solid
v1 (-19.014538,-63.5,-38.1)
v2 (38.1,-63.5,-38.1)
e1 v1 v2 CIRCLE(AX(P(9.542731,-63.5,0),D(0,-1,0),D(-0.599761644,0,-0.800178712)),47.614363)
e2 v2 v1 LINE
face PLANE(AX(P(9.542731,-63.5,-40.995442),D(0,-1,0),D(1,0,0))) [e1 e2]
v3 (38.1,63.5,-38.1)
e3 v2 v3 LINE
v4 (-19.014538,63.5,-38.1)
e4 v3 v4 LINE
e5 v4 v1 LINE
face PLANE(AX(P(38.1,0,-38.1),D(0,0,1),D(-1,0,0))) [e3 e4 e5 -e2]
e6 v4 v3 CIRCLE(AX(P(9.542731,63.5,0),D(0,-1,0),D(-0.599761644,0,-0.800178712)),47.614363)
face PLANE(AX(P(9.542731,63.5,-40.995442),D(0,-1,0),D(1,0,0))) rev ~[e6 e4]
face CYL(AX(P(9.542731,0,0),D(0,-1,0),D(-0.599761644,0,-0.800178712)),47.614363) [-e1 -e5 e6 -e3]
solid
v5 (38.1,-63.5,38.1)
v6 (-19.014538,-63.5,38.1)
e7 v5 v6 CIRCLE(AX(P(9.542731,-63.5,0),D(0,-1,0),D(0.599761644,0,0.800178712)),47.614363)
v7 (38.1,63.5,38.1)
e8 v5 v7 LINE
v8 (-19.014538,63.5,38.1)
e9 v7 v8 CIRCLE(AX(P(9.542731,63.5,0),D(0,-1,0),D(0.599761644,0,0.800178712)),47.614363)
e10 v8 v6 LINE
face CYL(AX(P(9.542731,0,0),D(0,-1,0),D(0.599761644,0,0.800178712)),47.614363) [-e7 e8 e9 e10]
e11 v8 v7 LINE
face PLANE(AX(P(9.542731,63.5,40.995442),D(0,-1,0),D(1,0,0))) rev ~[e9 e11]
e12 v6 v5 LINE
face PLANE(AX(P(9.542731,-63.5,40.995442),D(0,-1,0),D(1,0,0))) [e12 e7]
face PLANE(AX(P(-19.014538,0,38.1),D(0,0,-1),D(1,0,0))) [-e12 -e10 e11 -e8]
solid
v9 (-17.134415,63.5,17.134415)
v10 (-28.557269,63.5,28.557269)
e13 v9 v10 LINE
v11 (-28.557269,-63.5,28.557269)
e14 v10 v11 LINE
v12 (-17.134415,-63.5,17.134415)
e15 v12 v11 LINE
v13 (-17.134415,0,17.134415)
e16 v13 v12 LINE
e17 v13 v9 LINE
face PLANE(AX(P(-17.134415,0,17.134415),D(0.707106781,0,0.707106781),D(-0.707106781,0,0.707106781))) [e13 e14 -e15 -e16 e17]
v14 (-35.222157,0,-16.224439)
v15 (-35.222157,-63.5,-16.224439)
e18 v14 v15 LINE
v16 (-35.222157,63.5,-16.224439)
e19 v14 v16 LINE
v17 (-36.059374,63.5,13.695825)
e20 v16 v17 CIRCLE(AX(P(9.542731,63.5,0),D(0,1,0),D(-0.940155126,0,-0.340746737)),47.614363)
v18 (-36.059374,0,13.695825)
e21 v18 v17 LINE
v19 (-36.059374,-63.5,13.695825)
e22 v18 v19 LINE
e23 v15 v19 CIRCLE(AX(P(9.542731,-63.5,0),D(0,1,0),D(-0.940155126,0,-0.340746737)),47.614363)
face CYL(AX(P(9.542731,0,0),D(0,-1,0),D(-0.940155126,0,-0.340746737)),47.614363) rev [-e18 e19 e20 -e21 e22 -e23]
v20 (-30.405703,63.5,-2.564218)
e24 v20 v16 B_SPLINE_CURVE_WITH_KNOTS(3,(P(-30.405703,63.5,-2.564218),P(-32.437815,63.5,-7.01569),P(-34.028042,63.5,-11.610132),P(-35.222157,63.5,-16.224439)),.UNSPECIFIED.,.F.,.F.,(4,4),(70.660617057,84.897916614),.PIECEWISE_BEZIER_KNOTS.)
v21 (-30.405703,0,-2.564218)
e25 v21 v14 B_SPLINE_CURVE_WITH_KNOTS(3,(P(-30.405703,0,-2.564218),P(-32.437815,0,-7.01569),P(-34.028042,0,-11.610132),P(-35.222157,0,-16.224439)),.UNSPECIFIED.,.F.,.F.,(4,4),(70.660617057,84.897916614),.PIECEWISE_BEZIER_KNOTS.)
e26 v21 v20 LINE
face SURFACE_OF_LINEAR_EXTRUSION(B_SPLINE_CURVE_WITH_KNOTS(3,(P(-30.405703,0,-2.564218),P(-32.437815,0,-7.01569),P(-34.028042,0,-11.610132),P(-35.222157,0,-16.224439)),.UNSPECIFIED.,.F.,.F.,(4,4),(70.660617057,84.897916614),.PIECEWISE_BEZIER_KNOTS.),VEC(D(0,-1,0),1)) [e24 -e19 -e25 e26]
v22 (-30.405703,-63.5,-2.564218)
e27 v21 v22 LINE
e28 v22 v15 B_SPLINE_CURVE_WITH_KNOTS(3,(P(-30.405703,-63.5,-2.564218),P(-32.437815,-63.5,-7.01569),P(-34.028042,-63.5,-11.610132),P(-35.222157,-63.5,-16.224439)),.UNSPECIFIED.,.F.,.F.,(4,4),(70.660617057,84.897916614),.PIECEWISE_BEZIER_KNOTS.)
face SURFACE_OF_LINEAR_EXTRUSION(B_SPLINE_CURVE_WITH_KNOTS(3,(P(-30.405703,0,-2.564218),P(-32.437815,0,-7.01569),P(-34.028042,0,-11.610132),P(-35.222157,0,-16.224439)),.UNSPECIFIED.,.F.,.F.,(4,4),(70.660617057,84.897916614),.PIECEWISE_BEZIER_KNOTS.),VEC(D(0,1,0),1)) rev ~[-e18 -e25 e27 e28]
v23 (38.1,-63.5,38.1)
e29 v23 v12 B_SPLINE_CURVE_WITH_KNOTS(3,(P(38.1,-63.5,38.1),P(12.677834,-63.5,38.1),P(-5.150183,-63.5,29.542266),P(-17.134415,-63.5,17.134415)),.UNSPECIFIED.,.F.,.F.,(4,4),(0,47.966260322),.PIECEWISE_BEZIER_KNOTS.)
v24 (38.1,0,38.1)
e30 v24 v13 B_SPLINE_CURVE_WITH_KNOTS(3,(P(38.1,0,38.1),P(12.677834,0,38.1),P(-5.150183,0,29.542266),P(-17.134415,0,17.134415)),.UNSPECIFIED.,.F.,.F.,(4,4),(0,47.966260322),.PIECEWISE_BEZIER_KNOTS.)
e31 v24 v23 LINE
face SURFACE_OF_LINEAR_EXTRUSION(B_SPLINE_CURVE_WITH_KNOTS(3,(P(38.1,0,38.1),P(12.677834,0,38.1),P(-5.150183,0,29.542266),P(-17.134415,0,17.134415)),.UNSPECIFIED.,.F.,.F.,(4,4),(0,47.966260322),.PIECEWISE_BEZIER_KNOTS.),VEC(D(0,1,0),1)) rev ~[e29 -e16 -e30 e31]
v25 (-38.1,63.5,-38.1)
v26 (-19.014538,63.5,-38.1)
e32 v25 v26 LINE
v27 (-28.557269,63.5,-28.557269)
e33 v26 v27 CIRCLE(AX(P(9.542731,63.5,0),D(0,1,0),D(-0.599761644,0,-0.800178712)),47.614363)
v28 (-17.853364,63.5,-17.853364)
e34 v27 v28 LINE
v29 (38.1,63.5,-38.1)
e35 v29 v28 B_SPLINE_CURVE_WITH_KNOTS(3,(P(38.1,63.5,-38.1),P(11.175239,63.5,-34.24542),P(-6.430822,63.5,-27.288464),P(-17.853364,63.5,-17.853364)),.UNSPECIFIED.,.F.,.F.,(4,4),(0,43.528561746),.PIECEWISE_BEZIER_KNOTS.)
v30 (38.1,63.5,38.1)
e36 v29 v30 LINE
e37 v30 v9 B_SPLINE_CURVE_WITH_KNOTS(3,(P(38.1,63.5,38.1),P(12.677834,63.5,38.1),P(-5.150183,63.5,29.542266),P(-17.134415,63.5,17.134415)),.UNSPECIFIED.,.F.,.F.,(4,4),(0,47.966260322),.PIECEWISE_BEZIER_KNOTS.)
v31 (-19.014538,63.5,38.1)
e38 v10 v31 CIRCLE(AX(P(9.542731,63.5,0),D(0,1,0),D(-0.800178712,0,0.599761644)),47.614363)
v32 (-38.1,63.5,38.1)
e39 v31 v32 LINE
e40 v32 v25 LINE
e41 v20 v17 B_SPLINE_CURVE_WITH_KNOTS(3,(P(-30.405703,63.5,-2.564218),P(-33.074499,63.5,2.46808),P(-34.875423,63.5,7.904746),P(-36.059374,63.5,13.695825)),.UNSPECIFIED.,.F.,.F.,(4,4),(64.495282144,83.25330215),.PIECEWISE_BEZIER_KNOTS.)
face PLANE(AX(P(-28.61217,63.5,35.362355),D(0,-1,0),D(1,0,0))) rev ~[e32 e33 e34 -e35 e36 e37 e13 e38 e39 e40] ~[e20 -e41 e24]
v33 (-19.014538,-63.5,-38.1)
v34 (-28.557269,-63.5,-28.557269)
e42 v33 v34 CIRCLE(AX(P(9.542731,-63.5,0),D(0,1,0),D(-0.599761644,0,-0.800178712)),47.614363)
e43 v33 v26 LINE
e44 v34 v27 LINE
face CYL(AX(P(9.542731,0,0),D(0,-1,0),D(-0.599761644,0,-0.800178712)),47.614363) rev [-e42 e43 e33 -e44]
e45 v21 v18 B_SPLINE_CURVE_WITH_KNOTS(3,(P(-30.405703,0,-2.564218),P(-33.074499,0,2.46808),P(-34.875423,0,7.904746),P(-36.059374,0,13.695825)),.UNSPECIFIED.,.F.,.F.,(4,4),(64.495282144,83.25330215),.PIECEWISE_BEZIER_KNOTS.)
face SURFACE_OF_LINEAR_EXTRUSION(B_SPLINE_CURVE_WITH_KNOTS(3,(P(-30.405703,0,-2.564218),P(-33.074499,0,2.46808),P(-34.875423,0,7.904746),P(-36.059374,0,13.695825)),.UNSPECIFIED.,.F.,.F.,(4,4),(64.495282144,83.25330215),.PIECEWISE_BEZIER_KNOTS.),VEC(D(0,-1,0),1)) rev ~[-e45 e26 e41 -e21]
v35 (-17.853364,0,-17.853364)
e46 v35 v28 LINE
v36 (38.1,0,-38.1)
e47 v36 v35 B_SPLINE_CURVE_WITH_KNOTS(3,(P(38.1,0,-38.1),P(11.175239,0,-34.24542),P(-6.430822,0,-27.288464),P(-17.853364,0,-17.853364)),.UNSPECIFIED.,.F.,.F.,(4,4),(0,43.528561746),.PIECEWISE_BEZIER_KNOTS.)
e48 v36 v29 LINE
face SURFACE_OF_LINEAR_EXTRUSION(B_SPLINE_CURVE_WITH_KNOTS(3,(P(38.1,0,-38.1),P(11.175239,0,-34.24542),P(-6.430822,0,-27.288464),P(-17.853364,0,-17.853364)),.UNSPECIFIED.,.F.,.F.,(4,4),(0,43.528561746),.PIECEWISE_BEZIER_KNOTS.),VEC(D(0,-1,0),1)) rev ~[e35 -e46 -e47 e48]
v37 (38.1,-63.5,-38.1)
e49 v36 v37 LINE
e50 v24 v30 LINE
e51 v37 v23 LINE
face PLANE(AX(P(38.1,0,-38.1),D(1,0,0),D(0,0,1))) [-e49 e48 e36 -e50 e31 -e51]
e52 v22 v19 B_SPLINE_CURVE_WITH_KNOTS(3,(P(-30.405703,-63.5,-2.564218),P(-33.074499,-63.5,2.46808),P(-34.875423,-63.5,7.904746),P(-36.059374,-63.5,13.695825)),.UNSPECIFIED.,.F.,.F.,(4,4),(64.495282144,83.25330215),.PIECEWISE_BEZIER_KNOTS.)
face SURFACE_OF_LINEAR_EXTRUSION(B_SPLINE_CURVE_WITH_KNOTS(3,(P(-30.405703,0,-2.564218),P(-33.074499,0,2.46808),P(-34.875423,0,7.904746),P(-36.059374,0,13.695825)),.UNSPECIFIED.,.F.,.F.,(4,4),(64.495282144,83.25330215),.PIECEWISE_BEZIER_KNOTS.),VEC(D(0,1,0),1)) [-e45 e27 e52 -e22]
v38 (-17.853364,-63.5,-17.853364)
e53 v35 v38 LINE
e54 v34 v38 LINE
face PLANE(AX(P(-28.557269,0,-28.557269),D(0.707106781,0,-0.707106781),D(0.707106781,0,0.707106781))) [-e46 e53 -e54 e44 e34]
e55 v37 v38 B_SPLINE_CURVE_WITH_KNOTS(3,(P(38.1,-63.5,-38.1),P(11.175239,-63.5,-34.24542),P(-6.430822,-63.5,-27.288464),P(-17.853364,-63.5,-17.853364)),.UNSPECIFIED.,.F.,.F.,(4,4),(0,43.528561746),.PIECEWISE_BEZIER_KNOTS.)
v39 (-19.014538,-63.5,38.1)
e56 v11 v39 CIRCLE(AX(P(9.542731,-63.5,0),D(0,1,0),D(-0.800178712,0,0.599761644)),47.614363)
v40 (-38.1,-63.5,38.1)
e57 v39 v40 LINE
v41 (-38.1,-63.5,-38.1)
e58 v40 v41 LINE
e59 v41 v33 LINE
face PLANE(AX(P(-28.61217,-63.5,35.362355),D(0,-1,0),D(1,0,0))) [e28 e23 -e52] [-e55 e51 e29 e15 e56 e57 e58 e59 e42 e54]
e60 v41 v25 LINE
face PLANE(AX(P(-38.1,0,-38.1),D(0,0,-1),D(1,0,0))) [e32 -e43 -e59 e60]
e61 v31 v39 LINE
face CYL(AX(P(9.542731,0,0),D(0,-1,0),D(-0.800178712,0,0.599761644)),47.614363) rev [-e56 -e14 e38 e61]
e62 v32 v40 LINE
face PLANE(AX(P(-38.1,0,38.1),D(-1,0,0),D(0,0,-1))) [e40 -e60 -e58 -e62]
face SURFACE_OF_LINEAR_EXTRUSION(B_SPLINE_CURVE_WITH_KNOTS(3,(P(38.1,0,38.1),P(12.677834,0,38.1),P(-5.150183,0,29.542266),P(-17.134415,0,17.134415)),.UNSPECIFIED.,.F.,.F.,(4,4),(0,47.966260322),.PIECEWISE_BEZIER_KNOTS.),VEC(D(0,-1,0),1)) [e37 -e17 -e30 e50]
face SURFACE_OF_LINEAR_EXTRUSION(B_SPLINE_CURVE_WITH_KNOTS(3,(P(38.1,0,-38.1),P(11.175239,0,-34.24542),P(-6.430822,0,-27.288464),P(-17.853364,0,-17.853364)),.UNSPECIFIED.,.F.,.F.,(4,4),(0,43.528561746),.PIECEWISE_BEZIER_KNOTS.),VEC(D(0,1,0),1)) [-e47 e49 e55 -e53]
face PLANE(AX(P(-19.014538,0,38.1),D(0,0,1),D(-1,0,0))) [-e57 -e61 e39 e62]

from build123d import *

# Parameters (mm, degrees)
F1_DEPTH = 63.5


with BuildPart() as f1:
    # F0 (on Front) → F1 (new body, symmetric)
    with BuildSketch(Plane.XZ):
        with BuildLine():
            ThreePointArc((38.1, 38.1), (9.5427310973, 47.6143634545), (-19.0145378053, 38.1))
            Line((-19.0145378053, 38.1), (38.1, 38.1))
        make_face()
    extrude(amount=F1_DEPTH, both=True)


with BuildPart() as f1b:
    # F0 (on Front) → F1, piece 2 (new body, symmetric)
    with BuildSketch(Plane.XZ):
        with BuildLine():
            Line((-19.0145378053, 38.1), (-38.1, 38.1))
            Line((-38.1, 38.1), (-28.5572689027, 28.5572689027))
            ThreePointArc((-28.5572689027, 28.5572689027), (-24.1257081832, 33.6684392806), (-19.0145378053, 38.1))
        make_face()
        with BuildLine():
            Line((-28.5572689027, 28.5572689027), (-38.1, 38.1))
            add(Edge.make_bspline(
                [(-36.0593740105, 13.6958247987), (-37.606358952, 21.2626155541), (-38.1, 29.4344872531), (-38.1, 38.1)],
                knots=[83.2533021496, 83.2533021496, 83.2533021496, 83.2533021496, 107.7630734528, 107.7630734528, 107.7630734528, 107.7630734528], degree=3))
            ThreePointArc((-36.0593740105, 13.6958247987), (-32.9628712403, 21.456965701), (-28.5572689027, 28.5572689027))
        make_face()
        with BuildLine():
            add(Edge.make_bspline(
                [(-36.0593740105, 13.6958247987), (-37.606358952, 21.2626155541), (-38.1, 29.4344872531), (-38.1, 38.1)],
                knots=[83.2533021496, 83.2533021496, 83.2533021496, 83.2533021496, 107.7630734528, 107.7630734528, 107.7630734528, 107.7630734528], degree=3))
            Line((-38.1, 38.1), (-38.1, -38.1))
            add(Edge.make_bspline(
                [(-35.2221567826, -16.2244389818), (-37.1399092957, -23.6350339686), (-38.0359895886, -31.0968665214), (-38.1, -38.1)],
                knots=[84.8979166137, 84.8979166137, 84.8979166137, 84.8979166137, 107.7630734528, 107.7630734528, 107.7630734528, 107.7630734528], degree=3))
            ThreePointArc((-35.2221567826, -16.2244389818), (-38.0530029719, -1.3318053887), (-36.0593740105, 13.6958247987))
        make_face()
        with BuildLine():
            add(Edge.make_bspline(
                [(-35.2221567826, -16.2244389818), (-37.1399092957, -23.6350339686), (-38.0359895886, -31.0968665214), (-38.1, -38.1)],
                knots=[84.8979166137, 84.8979166137, 84.8979166137, 84.8979166137, 107.7630734528, 107.7630734528, 107.7630734528, 107.7630734528], degree=3))
            Line((-38.1, -38.1), (-28.5572689027, -28.5572689027))
            ThreePointArc((-28.5572689027, -28.5572689027), (-32.346075096, -22.6374804887), (-35.2221567826, -16.2244389818))
        make_face()
        with BuildLine():
            Line((-28.5572689027, -28.5572689027), (-38.1, -38.1))
            Line((-38.1, -38.1), (-19.0145378053, -38.1))
            ThreePointArc((-19.0145378053, -38.1), (-24.1257081832, -33.6684392806), (-28.5572689027, -28.5572689027))
        make_face()
        with BuildLine():
            Line((38.1, -38.1), (38.1, 38.1))
            add(Edge.make_bspline(
                [(38.1, 38.1), (12.6778335683, 38.1), (-5.1501830309, 29.5422656203), (-17.1344151816, 17.1344151816)],
                knots=[0, 0, 0, 0, 47.9662603215, 47.9662603215, 47.9662603215, 47.9662603215], degree=3))
            Line((-17.1344151816, 17.1344151816), (0, 0))
            Line((0, 0), (-17.8533637351, -17.8533637351))
            add(Edge.make_bspline(
                [(38.1, -38.1), (11.1752385556, -34.2454202587), (-6.430822182, -27.2884642452), (-17.8533637351, -17.8533637351)],
                knots=[0, 0, 0, 0, 43.5285617457, 43.5285617457, 43.5285617457, 43.5285617457], degree=3))
        make_face()
        with BuildLine():
            Line((-17.1344151816, 17.1344151816), (-28.5572689027, 28.5572689027))
            ThreePointArc((-28.5572689027, 28.5572689027), (-32.9628712403, 21.456965701), (-36.0593740105, 13.6958247987))
            add(Edge.make_bspline(
                [(-30.4057033655, -2.5642181738), (-33.0744992193, 2.4680800067), (-34.8754227559, 7.9047461869), (-36.0593740105, 13.6958247987)],
                knots=[64.4952821435, 64.4952821435, 64.4952821435, 64.4952821435, 83.2533021496, 83.2533021496, 83.2533021496, 83.2533021496], degree=3))
            add(Edge.make_bspline(
                [(-17.1344151816, 17.1344151816), (-22.8045349243, 11.2638682118), (-27.1665026272, 4.5314589985), (-30.4057033655, -2.5642181738)],
                knots=[47.9662603215, 47.9662603215, 47.9662603215, 47.9662603215, 70.6606170574, 70.6606170574, 70.6606170574, 70.6606170574], degree=3))
        make_face()
        with BuildLine():
            ThreePointArc((-35.2221567826, -16.2244389818), (-32.346075096, -22.6374804887), (-28.5572689027, -28.5572689027))
            Line((-28.5572689027, -28.5572689027), (-17.8533637351, -17.8533637351))
            add(Edge.make_bspline(
                [(-17.8533637351, -17.8533637351), (-23.3553427892, -13.3086899305), (-27.4226648333, -8.1890543173), (-30.4057033655, -2.5642181738)],
                knots=[43.5285617457, 43.5285617457, 43.5285617457, 43.5285617457, 64.4952821435, 64.4952821435, 64.4952821435, 64.4952821435], degree=3))
            add(Edge.make_bspline(
                [(-30.4057033655, -2.5642181738), (-32.4378152148, -7.0156896402), (-34.0280422093, -11.6101316556), (-35.2221567826, -16.2244389818)],
                knots=[70.6606170574, 70.6606170574, 70.6606170574, 70.6606170574, 84.8979166137, 84.8979166137, 84.8979166137, 84.8979166137], degree=3))
        make_face()
        with BuildLine():
            Line((0, 0), (-17.1344151816, 17.1344151816))
            add(Edge.make_bspline(
                [(-17.1344151816, 17.1344151816), (-22.8045349243, 11.2638682118), (-27.1665026272, 4.5314589985), (-30.4057033655, -2.5642181738)],
                knots=[47.9662603215, 47.9662603215, 47.9662603215, 47.9662603215, 70.6606170574, 70.6606170574, 70.6606170574, 70.6606170574], degree=3))
            add(Edge.make_bspline(
                [(-17.8533637351, -17.8533637351), (-23.3553427892, -13.3086899305), (-27.4226648333, -8.1890543173), (-30.4057033655, -2.5642181738)],
                knots=[43.5285617457, 43.5285617457, 43.5285617457, 43.5285617457, 64.4952821435, 64.4952821435, 64.4952821435, 64.4952821435], degree=3))
            Line((-17.8533637351, -17.8533637351), (0, 0))
        make_face()
    extrude(amount=F1_DEPTH, both=True)


with BuildPart() as f1c:
    # F0 (on Front) → F1, piece 3 (new body, symmetric)
    with BuildSketch(Plane.XZ):
        with BuildLine():
            Line((38.1, -38.1), (-19.0145378053, -38.1))
            ThreePointArc((-19.0145378053, -38.1), (9.5427310973, -47.6143634545), (38.1, -38.1))
        make_face()
    extrude(amount=F1_DEPTH, both=True)


solid = Compound([f1.part, f1b.part, f1c.part])
